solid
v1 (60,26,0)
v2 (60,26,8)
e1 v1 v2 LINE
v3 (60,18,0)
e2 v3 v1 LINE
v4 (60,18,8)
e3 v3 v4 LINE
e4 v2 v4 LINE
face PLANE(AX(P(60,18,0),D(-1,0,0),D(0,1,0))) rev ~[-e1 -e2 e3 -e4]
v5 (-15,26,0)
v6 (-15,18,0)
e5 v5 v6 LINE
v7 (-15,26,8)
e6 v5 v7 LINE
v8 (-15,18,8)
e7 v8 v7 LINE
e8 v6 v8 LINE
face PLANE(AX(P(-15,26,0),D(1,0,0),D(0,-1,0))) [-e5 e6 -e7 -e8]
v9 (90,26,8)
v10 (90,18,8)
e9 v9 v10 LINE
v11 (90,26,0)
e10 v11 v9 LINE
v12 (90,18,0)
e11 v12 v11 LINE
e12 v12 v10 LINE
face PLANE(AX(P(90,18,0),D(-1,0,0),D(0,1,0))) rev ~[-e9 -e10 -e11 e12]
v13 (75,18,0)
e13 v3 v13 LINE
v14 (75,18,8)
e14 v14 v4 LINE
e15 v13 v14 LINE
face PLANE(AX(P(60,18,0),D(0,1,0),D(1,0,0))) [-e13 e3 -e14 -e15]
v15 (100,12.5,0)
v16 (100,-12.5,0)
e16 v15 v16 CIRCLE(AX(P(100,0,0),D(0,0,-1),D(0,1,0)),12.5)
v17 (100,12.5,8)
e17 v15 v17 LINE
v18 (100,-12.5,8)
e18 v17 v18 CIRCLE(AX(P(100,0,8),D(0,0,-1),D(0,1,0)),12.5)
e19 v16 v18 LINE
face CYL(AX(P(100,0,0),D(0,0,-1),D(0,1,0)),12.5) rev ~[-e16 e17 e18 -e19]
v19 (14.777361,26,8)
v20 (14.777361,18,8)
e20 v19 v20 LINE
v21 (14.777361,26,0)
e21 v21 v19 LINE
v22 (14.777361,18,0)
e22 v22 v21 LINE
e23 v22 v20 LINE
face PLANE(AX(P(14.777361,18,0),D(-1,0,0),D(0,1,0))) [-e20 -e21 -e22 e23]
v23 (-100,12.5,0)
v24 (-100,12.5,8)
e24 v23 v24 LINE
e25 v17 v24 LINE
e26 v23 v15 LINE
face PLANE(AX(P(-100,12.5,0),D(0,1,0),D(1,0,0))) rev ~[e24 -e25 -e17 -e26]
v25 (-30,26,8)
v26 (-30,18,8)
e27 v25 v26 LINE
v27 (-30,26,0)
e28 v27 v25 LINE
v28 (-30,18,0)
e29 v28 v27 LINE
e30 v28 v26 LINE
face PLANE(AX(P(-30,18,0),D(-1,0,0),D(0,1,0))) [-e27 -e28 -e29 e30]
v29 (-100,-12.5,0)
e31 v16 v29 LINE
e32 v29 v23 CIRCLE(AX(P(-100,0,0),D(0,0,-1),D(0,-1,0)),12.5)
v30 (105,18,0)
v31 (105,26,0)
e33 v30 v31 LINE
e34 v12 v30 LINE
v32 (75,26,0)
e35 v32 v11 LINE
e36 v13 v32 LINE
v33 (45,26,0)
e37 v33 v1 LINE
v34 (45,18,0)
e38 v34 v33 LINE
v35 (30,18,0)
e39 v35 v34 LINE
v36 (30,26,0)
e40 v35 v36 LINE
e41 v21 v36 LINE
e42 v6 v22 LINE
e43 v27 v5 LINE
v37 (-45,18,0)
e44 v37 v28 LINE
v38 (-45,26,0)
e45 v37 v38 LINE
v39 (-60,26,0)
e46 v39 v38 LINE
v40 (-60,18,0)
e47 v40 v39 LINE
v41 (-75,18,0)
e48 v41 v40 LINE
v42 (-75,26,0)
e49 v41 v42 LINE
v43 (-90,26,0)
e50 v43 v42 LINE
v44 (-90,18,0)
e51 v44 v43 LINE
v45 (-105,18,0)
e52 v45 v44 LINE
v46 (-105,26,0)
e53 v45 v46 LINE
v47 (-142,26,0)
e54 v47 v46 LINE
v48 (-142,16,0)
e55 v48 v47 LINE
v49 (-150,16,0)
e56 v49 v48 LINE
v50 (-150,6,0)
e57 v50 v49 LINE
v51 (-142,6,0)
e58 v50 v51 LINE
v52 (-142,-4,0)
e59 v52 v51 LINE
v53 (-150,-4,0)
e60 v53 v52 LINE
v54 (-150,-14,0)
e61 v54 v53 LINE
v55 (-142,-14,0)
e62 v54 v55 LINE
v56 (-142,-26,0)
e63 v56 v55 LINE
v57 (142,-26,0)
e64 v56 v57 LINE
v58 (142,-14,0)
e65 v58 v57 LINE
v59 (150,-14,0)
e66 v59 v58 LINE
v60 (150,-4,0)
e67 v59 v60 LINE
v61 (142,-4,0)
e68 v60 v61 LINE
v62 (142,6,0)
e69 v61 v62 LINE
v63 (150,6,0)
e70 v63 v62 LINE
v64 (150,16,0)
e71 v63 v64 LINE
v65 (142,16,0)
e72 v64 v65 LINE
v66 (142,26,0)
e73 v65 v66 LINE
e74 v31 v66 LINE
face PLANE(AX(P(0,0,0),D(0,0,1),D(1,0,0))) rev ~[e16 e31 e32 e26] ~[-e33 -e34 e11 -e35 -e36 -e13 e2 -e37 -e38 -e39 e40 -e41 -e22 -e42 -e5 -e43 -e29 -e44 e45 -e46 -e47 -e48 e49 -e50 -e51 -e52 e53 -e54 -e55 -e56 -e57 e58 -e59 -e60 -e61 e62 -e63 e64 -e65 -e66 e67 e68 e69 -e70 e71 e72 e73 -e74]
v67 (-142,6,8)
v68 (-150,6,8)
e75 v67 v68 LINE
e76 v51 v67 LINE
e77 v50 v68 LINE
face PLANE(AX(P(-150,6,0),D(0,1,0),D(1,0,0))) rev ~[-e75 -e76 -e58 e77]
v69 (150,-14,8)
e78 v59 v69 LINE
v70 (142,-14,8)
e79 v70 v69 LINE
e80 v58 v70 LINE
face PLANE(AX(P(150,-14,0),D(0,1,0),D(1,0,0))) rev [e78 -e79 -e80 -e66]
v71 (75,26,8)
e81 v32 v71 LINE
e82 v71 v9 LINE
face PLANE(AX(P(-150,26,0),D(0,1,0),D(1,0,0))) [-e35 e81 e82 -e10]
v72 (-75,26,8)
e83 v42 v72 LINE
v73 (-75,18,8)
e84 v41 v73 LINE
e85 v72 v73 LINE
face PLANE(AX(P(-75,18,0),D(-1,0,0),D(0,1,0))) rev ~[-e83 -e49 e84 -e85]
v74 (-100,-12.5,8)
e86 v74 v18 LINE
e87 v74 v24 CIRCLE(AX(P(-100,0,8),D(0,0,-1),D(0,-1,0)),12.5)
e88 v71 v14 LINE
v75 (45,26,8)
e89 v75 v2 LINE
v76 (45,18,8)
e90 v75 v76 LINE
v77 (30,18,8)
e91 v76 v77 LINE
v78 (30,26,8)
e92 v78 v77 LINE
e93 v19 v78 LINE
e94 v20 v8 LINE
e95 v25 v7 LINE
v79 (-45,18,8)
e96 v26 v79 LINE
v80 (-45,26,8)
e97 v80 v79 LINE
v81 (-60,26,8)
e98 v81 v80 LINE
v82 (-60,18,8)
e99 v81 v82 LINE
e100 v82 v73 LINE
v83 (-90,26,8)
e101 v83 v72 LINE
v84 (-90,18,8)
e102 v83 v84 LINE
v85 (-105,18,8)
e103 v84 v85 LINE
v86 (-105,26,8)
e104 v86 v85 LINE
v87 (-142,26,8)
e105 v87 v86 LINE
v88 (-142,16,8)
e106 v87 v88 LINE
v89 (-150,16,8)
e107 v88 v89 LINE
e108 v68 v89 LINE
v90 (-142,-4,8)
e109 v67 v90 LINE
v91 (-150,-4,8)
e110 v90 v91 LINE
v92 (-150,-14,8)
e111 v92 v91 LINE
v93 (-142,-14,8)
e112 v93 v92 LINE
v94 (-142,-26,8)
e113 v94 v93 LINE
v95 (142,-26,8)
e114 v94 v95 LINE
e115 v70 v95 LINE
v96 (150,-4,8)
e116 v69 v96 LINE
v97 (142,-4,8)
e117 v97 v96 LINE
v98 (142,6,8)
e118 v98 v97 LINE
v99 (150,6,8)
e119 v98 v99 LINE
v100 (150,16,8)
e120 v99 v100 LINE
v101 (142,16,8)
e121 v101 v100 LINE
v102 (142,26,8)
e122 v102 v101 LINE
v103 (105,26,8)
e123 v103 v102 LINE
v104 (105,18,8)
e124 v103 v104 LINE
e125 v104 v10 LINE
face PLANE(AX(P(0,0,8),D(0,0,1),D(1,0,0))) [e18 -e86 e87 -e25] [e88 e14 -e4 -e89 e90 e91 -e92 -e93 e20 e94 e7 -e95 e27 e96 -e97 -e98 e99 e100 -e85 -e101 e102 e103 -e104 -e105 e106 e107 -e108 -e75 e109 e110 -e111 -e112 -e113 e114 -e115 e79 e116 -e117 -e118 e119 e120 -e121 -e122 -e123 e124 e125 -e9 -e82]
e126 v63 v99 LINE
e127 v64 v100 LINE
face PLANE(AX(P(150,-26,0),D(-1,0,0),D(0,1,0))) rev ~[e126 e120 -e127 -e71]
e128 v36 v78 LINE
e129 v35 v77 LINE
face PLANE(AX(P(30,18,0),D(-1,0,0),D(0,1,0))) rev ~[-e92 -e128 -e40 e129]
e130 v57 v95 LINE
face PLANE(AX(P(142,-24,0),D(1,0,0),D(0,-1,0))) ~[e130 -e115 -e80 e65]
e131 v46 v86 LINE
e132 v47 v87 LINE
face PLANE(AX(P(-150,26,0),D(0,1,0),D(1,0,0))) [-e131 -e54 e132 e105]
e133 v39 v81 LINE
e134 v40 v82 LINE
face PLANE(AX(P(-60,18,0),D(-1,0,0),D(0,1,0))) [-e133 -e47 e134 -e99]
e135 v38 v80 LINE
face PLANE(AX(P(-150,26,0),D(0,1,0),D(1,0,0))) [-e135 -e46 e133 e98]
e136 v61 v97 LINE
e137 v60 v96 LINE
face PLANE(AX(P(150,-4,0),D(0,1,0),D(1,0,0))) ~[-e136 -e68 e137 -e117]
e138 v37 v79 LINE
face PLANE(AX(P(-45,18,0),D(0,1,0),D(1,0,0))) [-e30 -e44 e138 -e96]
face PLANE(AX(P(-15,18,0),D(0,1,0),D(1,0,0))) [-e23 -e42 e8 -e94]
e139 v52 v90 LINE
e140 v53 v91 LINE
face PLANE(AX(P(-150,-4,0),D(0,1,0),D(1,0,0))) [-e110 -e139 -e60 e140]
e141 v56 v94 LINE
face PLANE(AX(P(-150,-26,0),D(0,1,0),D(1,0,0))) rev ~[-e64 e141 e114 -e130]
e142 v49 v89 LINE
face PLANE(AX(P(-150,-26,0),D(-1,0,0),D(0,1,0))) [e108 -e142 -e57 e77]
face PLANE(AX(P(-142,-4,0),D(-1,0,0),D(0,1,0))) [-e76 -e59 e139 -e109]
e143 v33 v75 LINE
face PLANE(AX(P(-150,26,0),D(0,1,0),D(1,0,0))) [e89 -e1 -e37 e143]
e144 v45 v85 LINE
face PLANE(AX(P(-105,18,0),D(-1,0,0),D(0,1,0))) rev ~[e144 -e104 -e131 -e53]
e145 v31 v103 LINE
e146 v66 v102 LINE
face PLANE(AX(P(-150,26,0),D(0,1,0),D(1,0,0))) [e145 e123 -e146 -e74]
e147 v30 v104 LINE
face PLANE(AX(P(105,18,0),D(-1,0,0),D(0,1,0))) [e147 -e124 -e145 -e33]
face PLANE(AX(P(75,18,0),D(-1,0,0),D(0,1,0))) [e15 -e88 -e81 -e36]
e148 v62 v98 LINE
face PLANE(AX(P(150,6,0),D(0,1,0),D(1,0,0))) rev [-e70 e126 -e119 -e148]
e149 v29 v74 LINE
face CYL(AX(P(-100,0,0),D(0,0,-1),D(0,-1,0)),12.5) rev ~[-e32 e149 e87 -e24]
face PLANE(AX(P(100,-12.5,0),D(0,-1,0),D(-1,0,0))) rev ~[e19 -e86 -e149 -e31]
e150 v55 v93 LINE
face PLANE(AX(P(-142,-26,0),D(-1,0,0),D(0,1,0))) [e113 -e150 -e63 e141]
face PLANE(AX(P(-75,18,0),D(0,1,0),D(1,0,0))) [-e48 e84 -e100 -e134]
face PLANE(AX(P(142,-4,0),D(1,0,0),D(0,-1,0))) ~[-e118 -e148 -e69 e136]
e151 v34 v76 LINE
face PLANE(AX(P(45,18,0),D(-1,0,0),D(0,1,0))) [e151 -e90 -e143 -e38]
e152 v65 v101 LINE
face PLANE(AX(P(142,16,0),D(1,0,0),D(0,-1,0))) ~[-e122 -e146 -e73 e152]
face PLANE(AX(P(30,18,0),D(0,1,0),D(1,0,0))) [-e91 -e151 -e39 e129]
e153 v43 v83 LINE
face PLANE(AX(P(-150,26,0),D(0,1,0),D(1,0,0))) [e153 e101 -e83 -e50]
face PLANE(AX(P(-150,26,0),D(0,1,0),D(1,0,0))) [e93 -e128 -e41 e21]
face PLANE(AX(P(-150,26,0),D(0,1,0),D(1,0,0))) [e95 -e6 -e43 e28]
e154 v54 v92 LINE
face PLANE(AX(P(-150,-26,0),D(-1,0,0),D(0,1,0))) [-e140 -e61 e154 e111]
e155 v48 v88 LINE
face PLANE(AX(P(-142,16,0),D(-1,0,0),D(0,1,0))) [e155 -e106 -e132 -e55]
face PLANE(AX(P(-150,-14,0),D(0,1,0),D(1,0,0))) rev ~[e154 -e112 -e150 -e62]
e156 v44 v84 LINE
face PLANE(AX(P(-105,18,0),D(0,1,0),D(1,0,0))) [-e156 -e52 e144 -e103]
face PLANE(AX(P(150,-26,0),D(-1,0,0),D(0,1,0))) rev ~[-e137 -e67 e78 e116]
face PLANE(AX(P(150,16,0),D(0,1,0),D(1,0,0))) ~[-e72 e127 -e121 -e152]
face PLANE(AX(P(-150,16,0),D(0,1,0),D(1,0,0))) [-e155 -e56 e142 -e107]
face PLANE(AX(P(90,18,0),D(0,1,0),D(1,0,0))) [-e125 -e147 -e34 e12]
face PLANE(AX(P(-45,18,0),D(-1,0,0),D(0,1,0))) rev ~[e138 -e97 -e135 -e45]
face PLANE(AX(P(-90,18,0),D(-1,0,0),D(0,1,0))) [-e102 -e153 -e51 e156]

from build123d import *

# Parameters (mm, degrees)
ESQUISSE1_W             = 300
ESQUISSE1_H             = 52
BOSS_EXTRU_1_DEPTH      = 8
ESQUISSE2_W             = 8
ESQUISSE2_H             = 10
ENL_V_MAT_EXTRU_1_DEPTH = 153.446712001
ESQUISSE3_W             = 8
ESQUISSE3_H             = 2
ENL_V_MAT_EXTRU_2_DEPTH = 153.446712001
ENL_V_MAT_EXTRU_3_DEPTH = 153.446712001
ESQUISSE5_W             = 15
ESQUISSE5_H             = 8
ENL_V_MAT_EXTRU_4_DEPTH = 10


with BuildPart() as part:
    # Esquisse1 → Boss.-Extru.1 (new body)
    with BuildSketch(Plane.XY):
        Rectangle(ESQUISSE1_W, ESQUISSE1_H)
    extrude(amount=BOSS_EXTRU_1_DEPTH)

    # Esquisse2 → Enlèv. mat.-Extru.1 (cut, through all)
    with BuildSketch(Plane.XY):
        with Locations((-146, 1)):
            Rectangle(ESQUISSE2_W, ESQUISSE2_H)
        with Locations((-146, 21)):
            Rectangle(ESQUISSE2_W, ESQUISSE2_H)
        with Locations((-146, -19)):
            Rectangle(ESQUISSE2_W, ESQUISSE2_H)
    enl_v_mat_extru_1 = extrude(amount=ENL_V_MAT_EXTRU_1_DEPTH, mode=Mode.SUBTRACT)

    # Esquisse3 → Enlèv. mat.-Extru.2 (cut, through all)
    with BuildSketch(Plane.XY):
        with Locations((-146, -25)):
            Rectangle(ESQUISSE3_W, ESQUISSE3_H)
    enl_v_mat_extru_2 = extrude(amount=ENL_V_MAT_EXTRU_2_DEPTH, mode=Mode.SUBTRACT)

    # Symétrie1: Enlèv. mat.-Extru.1, Enlèv. mat.-Extru.2 across plane
    add(enl_v_mat_extru_1.mirror(Plane(origin=(0, 0, 0), x_dir=(0, 0, 1), z_dir=(1, 0, 0))), mode=Mode.SUBTRACT)
    add(enl_v_mat_extru_2.mirror(Plane(origin=(0, 0, 0), x_dir=(0, 0, 1), z_dir=(1, 0, 0))), mode=Mode.SUBTRACT)

    # Esquisse4 → Enlèv. mat.-Extru.3 (cut, through all)
    with BuildSketch(Plane.XY):
        with BuildLine():
            Line((-100, 12.5), (100, 12.5))
            ThreePointArc((100, 12.5), (112.5, 0), (100, -12.5))
            Line((100, -12.5), (-100, -12.5))
            ThreePointArc((-100, -12.5), (-112.5, 0), (-100, 12.5))
        make_face()
    extrude(amount=ENL_V_MAT_EXTRU_3_DEPTH, mode=Mode.SUBTRACT)

    # Esquisse5 → Enlèv. mat.-Extru.4 (cut)
    with BuildSketch(Plane.XY):
        Polygon((0, 26), (-15, 26), (-15, 18), (0, 18), (14.777360912, 18), (14.777360912, 26), align=None)
        with Locations((-37.5, 22)):
            Rectangle(ESQUISSE5_W, ESQUISSE5_H)
        with Locations((-67.5, 22)):
            Rectangle(ESQUISSE5_W, ESQUISSE5_H)
        with Locations((-97.5, 22)):
            Rectangle(ESQUISSE5_W, ESQUISSE5_H)
        with Locations((37.5, 22)):
            Rectangle(ESQUISSE5_W, ESQUISSE5_H)
        with Locations((67.5, 22)):
            Rectangle(ESQUISSE5_W, ESQUISSE5_H)
        with Locations((97.5, 22)):
            Rectangle(ESQUISSE5_W, ESQUISSE5_H)
    extrude(amount=ENL_V_MAT_EXTRU_4_DEPTH, mode=Mode.SUBTRACT)


solid = part.part
